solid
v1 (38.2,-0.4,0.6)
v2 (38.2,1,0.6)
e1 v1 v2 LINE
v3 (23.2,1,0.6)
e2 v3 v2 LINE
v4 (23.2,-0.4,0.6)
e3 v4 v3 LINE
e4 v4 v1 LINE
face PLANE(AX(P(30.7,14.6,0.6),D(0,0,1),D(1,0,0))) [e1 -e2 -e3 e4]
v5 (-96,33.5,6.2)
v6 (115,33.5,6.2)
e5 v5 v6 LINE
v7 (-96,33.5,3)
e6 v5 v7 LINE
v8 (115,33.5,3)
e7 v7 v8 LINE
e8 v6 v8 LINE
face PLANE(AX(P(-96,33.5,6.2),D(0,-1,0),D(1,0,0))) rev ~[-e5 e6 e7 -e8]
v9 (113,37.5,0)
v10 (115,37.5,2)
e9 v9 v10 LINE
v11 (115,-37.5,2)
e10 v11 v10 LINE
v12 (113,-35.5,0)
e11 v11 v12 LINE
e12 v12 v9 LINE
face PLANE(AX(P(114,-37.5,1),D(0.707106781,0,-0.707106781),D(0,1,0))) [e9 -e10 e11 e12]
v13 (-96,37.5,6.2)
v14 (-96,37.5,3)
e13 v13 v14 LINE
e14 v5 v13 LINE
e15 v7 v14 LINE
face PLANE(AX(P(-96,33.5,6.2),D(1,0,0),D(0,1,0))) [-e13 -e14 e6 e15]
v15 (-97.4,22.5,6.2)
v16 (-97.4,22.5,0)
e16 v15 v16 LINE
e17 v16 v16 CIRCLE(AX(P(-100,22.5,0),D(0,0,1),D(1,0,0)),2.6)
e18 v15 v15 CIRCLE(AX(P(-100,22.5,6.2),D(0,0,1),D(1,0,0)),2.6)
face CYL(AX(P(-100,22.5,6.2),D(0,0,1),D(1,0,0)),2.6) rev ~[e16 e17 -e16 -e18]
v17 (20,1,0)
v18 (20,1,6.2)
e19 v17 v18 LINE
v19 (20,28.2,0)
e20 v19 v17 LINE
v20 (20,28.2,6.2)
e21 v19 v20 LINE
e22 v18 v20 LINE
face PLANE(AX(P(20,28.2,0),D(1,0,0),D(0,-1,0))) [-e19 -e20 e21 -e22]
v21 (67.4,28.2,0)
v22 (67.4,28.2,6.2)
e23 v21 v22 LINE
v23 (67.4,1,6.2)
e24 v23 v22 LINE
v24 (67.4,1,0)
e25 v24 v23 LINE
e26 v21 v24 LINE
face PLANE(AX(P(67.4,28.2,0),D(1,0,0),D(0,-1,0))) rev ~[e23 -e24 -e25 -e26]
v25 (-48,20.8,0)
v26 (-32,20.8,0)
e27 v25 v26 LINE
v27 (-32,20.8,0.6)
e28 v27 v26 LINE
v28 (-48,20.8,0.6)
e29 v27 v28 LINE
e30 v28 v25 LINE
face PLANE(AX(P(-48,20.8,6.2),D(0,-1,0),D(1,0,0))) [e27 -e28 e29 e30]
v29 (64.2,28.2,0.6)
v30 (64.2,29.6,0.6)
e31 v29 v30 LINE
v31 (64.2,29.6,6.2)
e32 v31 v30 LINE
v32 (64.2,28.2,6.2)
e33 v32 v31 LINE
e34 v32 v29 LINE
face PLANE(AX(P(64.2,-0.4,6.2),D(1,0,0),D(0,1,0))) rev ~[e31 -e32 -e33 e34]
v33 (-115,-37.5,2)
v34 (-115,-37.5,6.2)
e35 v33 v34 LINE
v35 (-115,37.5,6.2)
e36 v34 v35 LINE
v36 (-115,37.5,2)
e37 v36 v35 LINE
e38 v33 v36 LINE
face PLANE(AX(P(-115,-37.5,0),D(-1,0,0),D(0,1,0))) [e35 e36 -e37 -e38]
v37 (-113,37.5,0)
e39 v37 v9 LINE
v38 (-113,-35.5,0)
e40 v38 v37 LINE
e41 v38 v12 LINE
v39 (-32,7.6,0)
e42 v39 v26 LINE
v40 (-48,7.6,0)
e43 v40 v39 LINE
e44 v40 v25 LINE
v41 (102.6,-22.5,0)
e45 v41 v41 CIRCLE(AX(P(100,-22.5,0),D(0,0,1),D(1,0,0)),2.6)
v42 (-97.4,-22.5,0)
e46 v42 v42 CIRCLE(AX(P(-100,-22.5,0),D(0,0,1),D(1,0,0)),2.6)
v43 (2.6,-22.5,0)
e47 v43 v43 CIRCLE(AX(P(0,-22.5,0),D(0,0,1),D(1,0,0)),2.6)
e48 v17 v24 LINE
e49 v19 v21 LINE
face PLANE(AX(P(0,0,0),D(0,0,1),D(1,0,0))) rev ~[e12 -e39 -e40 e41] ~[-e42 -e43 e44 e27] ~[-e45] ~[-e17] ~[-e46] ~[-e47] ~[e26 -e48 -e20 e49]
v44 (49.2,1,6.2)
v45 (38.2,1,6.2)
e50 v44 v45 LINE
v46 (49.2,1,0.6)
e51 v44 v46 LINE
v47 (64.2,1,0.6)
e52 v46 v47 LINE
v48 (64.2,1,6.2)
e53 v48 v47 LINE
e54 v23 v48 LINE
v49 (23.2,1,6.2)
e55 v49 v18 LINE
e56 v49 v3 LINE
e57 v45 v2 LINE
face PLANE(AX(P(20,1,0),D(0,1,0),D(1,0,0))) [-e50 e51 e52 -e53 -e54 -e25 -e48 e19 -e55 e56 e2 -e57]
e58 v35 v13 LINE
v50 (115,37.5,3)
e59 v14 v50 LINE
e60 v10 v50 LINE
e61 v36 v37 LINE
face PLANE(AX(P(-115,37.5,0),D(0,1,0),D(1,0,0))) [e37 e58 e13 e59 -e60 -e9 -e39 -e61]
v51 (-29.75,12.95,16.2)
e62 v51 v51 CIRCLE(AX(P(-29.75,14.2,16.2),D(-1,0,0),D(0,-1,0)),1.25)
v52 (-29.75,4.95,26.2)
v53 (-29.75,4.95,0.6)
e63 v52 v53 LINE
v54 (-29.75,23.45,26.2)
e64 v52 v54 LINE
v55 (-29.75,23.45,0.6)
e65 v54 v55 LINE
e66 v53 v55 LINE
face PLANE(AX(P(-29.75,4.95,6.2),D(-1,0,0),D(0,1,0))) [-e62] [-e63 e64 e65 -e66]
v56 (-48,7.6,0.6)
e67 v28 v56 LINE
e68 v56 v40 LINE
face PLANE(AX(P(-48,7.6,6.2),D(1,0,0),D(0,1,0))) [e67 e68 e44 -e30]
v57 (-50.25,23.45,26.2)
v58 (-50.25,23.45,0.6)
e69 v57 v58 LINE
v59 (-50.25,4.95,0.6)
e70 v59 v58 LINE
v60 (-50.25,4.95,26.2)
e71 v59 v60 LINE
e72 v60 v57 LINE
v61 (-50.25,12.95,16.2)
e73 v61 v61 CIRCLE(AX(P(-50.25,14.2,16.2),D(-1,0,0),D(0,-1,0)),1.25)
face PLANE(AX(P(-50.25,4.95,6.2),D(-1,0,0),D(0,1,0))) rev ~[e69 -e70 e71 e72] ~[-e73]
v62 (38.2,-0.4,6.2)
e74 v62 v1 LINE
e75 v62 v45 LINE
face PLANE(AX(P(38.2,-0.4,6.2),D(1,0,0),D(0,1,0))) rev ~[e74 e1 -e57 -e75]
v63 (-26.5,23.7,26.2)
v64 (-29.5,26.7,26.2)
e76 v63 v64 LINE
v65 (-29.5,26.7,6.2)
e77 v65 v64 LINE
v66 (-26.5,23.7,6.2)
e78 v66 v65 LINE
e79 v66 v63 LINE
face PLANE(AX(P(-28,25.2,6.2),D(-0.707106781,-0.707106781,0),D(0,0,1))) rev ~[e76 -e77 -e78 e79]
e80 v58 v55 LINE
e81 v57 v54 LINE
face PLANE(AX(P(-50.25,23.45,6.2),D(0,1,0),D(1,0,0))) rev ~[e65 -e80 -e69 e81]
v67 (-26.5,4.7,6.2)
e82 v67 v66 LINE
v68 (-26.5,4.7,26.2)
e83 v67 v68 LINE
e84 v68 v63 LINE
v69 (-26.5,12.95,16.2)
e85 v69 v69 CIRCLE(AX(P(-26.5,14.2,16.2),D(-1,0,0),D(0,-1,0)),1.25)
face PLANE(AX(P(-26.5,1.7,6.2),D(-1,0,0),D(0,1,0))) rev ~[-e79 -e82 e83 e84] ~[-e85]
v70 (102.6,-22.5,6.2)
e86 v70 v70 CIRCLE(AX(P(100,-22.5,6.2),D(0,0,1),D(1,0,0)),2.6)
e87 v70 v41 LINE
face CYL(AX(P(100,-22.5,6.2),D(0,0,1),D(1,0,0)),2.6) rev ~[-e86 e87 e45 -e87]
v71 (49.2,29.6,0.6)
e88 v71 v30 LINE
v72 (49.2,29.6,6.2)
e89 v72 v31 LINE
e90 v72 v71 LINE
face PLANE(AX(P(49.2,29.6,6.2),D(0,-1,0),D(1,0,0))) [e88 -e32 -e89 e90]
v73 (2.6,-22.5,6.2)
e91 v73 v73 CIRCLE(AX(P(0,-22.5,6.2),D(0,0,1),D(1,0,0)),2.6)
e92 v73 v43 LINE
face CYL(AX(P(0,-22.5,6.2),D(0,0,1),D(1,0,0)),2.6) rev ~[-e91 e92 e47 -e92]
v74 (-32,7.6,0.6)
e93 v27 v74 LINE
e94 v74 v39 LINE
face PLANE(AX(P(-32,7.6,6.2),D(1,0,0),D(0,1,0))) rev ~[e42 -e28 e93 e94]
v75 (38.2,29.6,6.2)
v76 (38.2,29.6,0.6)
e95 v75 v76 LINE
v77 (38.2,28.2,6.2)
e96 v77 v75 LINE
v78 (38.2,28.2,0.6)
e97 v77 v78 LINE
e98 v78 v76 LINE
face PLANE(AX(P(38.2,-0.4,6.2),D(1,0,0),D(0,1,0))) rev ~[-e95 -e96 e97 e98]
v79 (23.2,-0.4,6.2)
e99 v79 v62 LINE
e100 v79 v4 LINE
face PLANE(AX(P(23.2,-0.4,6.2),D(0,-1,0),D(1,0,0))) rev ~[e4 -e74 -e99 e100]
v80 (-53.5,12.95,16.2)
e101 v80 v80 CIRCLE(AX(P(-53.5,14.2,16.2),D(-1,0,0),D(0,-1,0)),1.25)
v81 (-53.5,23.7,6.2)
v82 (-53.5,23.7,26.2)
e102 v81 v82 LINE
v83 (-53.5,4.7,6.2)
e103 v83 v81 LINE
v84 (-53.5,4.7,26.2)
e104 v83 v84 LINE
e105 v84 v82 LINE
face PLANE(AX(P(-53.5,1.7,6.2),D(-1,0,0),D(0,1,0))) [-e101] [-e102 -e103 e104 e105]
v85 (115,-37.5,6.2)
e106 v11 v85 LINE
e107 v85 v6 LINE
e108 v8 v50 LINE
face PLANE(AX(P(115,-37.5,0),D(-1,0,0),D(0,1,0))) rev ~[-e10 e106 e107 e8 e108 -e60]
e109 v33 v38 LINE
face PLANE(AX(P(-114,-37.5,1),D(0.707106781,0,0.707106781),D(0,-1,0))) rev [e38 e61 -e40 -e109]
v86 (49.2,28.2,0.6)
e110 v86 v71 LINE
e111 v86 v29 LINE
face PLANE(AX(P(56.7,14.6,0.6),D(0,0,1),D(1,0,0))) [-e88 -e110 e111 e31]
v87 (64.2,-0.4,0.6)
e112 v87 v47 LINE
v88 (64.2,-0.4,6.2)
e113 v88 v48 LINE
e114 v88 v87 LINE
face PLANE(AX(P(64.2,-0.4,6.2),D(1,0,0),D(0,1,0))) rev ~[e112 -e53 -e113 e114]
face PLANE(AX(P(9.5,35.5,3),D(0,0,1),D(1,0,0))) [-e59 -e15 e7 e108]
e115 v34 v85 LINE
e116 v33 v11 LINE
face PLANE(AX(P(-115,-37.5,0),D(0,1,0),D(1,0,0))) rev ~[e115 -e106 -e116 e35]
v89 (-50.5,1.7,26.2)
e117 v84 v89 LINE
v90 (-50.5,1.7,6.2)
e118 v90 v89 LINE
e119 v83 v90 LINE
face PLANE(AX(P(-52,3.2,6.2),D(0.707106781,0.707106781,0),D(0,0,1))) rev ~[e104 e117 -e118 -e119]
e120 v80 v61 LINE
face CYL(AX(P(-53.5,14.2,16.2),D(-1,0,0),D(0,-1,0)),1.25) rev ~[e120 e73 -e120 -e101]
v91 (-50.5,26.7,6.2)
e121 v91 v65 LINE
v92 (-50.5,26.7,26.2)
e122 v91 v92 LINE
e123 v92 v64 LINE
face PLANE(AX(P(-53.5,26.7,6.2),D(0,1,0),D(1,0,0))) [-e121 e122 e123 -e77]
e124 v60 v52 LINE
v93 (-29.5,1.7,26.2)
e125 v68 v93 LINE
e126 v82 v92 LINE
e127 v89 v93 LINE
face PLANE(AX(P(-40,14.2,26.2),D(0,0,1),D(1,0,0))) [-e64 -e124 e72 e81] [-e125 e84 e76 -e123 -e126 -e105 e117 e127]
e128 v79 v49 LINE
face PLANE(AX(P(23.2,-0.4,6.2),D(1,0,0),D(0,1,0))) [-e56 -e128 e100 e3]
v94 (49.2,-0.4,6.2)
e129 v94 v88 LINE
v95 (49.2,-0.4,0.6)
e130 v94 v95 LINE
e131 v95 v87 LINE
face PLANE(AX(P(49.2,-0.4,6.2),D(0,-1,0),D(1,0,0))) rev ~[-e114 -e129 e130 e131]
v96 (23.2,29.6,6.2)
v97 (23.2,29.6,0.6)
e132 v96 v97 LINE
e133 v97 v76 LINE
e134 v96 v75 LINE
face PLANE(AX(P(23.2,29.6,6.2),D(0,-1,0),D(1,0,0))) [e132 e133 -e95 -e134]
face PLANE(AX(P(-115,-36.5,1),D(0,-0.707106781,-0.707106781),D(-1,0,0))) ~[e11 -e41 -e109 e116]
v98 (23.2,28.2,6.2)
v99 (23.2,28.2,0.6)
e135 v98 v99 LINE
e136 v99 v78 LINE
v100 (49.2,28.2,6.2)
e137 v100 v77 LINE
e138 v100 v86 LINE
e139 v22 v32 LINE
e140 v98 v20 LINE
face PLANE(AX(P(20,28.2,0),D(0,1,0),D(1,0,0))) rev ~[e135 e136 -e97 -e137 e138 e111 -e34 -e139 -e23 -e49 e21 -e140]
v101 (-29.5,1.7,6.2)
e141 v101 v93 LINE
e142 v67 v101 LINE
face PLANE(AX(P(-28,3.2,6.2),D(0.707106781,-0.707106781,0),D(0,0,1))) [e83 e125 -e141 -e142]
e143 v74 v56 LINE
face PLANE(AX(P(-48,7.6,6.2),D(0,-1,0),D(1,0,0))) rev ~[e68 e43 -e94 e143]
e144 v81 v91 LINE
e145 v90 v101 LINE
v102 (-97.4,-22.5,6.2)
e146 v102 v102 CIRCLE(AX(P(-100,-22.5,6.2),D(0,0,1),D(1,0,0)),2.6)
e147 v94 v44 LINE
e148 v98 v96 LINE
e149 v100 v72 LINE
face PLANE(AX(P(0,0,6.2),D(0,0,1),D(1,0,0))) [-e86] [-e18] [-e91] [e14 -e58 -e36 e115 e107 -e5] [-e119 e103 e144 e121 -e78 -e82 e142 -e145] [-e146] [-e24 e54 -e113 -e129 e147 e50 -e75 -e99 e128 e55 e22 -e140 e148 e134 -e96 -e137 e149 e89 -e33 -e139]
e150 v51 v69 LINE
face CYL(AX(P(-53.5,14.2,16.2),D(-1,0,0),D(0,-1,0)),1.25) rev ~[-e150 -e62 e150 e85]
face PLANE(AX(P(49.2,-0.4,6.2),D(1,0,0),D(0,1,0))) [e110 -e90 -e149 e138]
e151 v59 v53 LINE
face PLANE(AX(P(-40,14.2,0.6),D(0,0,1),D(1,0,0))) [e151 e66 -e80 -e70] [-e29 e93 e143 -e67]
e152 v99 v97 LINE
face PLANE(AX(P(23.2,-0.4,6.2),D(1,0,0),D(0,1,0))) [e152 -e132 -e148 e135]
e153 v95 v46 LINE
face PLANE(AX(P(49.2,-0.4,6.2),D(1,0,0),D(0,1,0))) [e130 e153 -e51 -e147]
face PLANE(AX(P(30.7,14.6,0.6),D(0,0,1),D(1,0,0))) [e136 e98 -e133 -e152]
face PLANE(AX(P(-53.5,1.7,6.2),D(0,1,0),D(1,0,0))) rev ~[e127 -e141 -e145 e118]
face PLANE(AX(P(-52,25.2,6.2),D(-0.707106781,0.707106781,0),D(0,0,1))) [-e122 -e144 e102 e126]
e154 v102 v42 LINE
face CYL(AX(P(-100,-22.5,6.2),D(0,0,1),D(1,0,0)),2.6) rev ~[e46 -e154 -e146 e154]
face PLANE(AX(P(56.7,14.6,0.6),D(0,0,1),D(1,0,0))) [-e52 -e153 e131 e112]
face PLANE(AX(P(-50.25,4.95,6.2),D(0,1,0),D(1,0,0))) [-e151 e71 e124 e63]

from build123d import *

# Parameters (mm, degrees)
SKETCH_W        = 230
SKETCH_H        = 75
PAD_DEPTH       = 6.2
SKETCH001_W     = 211
SKETCH001_H     = 4
POCKET_DEPTH    = 3.2
CHAMFER_SIZE    = 2
SKETCH002_R     = 2.6
POCKET001_DEPTH = 10
SKETCH003_W     = 47.4
SKETCH003_H     = 27.2
POCKET002_DEPTH = 7
SKETCH004_W     = 15
SKETCH004_H     = 30
POCKET003_DEPTH = 5.6
SKETCH005_W     = 16
SKETCH005_H     = 13.2
POCKET004_DEPTH = 8
SKETCH006_W     = 20.5
SKETCH006_H     = 18.5
POCKET005_DEPTH = 5.6
SKETCH007_W     = 27
SKETCH007_H     = 25
SKETCH007_W_2   = 20.5
SKETCH007_H_2   = 18.5
PAD001_DEPTH    = 20
CHAMFER001_SIZE = 3
SKETCH008_R     = 1.25
POCKET006_DEPTH = 30


with BuildPart() as part:
    # Sketch → Pad (new body)
    with BuildSketch(Plane.XY):
        Rectangle(SKETCH_W, SKETCH_H)
    extrude(amount=PAD_DEPTH)

    # Sketch001 (on Face6 of Pad) → Pocket (cut)
    with BuildSketch(Plane.XY.offset(6.2)):
        with Locations((9.5, 35.5)):
            Rectangle(SKETCH001_W, SKETCH001_H)
    extrude(amount=-POCKET_DEPTH, mode=Mode.SUBTRACT)

    # Chamfer
    chamfer_edges = [part.edges().sort_by_distance(p)[0] for p in [
        (-115, 0, 0),
        (0, -37.5, 0),
        (115, 0, 0),
    ]]
    chamfer(chamfer_edges, length=CHAMFER_SIZE)

    # Sketch002 (on Face4 of Chamfer) → Pocket001 (cut)
    with BuildSketch(Plane.XY.offset(6.2)):
        with Locations((-100, -22.5)):
            Circle(SKETCH002_R)
        with Locations((0, -22.5)):
            Circle(SKETCH002_R)
        with Locations((100, -22.5)):
            Circle(SKETCH002_R)
        with Locations((-100, 22.5)):
            Circle(SKETCH002_R)
    extrude(amount=-POCKET001_DEPTH, mode=Mode.SUBTRACT)

    # Sketch003 (on Face8 of Pocket001) → Pocket002 (cut)
    with BuildSketch(Plane(origin=(0, 0, 0), x_dir=(1, 0, 0), z_dir=(0, 0, -1))):
        with Locations((43.7, -14.6)):
            Rectangle(SKETCH003_W, SKETCH003_H)
    extrude(amount=-POCKET002_DEPTH, mode=Mode.SUBTRACT)

    # Sketch004 (on Face4 of Pocket002) → Pocket003 (cut)
    with BuildSketch(Plane.XY.offset(6.2)):
        with Locations((30.7, 14.6)):
            Rectangle(SKETCH004_W, SKETCH004_H)
        with Locations((56.7, 14.6)):
            Rectangle(SKETCH004_W, SKETCH004_H)
    extrude(amount=-POCKET003_DEPTH, mode=Mode.SUBTRACT)

    # Sketch005 (on Face4 of Pocket003) → Pocket004 (cut)
    with BuildSketch(Plane.XY.offset(6.2)):
        with Locations((-40, 14.2)):
            Rectangle(SKETCH005_W, SKETCH005_H)
    extrude(amount=-POCKET004_DEPTH, mode=Mode.SUBTRACT)

    # Sketch006 (on Face4 of Pocket004) → Pocket005 (cut)
    with BuildSketch(Plane.XY.offset(6.2)):
        with Locations((-40, 14.2)):
            Rectangle(SKETCH006_W, SKETCH006_H)
    extrude(amount=-POCKET005_DEPTH, mode=Mode.SUBTRACT)

    # Sketch007 (on Face4 of Pocket005) → Pad001 (join)
    with BuildSketch(Plane.XY.offset(6.2)):
        with Locations((-40, 14.2)):
            Rectangle(SKETCH007_W, SKETCH007_H)
        with Locations((-40, 14.2)):
            Rectangle(SKETCH007_W_2, SKETCH007_H_2, mode=Mode.SUBTRACT)
    extrude(amount=PAD001_DEPTH)

    # Chamfer001
    chamfer001_edges = [part.edges().sort_by_distance(p)[0] for p in [
        (-53.5, 1.7, 16.2),
        (-26.5, 1.7, 16.2),
        (-53.5, 26.7, 16.2),
        (-26.5, 26.7, 16.2),
    ]]
    chamfer(chamfer001_edges, length=CHAMFER001_SIZE)

    # Sketch008 (on Face5 of Chamfer001) → Pocket006 (cut)
    with BuildSketch(Plane(origin=(-53.5, 0, 0), x_dir=(0, -1, 0), z_dir=(-1, 0, 0))):
        with Locations((-14.2, 16.2)):
            Circle(SKETCH008_R)
    extrude(amount=-POCKET006_DEPTH, mode=Mode.SUBTRACT)


solid = part.part
